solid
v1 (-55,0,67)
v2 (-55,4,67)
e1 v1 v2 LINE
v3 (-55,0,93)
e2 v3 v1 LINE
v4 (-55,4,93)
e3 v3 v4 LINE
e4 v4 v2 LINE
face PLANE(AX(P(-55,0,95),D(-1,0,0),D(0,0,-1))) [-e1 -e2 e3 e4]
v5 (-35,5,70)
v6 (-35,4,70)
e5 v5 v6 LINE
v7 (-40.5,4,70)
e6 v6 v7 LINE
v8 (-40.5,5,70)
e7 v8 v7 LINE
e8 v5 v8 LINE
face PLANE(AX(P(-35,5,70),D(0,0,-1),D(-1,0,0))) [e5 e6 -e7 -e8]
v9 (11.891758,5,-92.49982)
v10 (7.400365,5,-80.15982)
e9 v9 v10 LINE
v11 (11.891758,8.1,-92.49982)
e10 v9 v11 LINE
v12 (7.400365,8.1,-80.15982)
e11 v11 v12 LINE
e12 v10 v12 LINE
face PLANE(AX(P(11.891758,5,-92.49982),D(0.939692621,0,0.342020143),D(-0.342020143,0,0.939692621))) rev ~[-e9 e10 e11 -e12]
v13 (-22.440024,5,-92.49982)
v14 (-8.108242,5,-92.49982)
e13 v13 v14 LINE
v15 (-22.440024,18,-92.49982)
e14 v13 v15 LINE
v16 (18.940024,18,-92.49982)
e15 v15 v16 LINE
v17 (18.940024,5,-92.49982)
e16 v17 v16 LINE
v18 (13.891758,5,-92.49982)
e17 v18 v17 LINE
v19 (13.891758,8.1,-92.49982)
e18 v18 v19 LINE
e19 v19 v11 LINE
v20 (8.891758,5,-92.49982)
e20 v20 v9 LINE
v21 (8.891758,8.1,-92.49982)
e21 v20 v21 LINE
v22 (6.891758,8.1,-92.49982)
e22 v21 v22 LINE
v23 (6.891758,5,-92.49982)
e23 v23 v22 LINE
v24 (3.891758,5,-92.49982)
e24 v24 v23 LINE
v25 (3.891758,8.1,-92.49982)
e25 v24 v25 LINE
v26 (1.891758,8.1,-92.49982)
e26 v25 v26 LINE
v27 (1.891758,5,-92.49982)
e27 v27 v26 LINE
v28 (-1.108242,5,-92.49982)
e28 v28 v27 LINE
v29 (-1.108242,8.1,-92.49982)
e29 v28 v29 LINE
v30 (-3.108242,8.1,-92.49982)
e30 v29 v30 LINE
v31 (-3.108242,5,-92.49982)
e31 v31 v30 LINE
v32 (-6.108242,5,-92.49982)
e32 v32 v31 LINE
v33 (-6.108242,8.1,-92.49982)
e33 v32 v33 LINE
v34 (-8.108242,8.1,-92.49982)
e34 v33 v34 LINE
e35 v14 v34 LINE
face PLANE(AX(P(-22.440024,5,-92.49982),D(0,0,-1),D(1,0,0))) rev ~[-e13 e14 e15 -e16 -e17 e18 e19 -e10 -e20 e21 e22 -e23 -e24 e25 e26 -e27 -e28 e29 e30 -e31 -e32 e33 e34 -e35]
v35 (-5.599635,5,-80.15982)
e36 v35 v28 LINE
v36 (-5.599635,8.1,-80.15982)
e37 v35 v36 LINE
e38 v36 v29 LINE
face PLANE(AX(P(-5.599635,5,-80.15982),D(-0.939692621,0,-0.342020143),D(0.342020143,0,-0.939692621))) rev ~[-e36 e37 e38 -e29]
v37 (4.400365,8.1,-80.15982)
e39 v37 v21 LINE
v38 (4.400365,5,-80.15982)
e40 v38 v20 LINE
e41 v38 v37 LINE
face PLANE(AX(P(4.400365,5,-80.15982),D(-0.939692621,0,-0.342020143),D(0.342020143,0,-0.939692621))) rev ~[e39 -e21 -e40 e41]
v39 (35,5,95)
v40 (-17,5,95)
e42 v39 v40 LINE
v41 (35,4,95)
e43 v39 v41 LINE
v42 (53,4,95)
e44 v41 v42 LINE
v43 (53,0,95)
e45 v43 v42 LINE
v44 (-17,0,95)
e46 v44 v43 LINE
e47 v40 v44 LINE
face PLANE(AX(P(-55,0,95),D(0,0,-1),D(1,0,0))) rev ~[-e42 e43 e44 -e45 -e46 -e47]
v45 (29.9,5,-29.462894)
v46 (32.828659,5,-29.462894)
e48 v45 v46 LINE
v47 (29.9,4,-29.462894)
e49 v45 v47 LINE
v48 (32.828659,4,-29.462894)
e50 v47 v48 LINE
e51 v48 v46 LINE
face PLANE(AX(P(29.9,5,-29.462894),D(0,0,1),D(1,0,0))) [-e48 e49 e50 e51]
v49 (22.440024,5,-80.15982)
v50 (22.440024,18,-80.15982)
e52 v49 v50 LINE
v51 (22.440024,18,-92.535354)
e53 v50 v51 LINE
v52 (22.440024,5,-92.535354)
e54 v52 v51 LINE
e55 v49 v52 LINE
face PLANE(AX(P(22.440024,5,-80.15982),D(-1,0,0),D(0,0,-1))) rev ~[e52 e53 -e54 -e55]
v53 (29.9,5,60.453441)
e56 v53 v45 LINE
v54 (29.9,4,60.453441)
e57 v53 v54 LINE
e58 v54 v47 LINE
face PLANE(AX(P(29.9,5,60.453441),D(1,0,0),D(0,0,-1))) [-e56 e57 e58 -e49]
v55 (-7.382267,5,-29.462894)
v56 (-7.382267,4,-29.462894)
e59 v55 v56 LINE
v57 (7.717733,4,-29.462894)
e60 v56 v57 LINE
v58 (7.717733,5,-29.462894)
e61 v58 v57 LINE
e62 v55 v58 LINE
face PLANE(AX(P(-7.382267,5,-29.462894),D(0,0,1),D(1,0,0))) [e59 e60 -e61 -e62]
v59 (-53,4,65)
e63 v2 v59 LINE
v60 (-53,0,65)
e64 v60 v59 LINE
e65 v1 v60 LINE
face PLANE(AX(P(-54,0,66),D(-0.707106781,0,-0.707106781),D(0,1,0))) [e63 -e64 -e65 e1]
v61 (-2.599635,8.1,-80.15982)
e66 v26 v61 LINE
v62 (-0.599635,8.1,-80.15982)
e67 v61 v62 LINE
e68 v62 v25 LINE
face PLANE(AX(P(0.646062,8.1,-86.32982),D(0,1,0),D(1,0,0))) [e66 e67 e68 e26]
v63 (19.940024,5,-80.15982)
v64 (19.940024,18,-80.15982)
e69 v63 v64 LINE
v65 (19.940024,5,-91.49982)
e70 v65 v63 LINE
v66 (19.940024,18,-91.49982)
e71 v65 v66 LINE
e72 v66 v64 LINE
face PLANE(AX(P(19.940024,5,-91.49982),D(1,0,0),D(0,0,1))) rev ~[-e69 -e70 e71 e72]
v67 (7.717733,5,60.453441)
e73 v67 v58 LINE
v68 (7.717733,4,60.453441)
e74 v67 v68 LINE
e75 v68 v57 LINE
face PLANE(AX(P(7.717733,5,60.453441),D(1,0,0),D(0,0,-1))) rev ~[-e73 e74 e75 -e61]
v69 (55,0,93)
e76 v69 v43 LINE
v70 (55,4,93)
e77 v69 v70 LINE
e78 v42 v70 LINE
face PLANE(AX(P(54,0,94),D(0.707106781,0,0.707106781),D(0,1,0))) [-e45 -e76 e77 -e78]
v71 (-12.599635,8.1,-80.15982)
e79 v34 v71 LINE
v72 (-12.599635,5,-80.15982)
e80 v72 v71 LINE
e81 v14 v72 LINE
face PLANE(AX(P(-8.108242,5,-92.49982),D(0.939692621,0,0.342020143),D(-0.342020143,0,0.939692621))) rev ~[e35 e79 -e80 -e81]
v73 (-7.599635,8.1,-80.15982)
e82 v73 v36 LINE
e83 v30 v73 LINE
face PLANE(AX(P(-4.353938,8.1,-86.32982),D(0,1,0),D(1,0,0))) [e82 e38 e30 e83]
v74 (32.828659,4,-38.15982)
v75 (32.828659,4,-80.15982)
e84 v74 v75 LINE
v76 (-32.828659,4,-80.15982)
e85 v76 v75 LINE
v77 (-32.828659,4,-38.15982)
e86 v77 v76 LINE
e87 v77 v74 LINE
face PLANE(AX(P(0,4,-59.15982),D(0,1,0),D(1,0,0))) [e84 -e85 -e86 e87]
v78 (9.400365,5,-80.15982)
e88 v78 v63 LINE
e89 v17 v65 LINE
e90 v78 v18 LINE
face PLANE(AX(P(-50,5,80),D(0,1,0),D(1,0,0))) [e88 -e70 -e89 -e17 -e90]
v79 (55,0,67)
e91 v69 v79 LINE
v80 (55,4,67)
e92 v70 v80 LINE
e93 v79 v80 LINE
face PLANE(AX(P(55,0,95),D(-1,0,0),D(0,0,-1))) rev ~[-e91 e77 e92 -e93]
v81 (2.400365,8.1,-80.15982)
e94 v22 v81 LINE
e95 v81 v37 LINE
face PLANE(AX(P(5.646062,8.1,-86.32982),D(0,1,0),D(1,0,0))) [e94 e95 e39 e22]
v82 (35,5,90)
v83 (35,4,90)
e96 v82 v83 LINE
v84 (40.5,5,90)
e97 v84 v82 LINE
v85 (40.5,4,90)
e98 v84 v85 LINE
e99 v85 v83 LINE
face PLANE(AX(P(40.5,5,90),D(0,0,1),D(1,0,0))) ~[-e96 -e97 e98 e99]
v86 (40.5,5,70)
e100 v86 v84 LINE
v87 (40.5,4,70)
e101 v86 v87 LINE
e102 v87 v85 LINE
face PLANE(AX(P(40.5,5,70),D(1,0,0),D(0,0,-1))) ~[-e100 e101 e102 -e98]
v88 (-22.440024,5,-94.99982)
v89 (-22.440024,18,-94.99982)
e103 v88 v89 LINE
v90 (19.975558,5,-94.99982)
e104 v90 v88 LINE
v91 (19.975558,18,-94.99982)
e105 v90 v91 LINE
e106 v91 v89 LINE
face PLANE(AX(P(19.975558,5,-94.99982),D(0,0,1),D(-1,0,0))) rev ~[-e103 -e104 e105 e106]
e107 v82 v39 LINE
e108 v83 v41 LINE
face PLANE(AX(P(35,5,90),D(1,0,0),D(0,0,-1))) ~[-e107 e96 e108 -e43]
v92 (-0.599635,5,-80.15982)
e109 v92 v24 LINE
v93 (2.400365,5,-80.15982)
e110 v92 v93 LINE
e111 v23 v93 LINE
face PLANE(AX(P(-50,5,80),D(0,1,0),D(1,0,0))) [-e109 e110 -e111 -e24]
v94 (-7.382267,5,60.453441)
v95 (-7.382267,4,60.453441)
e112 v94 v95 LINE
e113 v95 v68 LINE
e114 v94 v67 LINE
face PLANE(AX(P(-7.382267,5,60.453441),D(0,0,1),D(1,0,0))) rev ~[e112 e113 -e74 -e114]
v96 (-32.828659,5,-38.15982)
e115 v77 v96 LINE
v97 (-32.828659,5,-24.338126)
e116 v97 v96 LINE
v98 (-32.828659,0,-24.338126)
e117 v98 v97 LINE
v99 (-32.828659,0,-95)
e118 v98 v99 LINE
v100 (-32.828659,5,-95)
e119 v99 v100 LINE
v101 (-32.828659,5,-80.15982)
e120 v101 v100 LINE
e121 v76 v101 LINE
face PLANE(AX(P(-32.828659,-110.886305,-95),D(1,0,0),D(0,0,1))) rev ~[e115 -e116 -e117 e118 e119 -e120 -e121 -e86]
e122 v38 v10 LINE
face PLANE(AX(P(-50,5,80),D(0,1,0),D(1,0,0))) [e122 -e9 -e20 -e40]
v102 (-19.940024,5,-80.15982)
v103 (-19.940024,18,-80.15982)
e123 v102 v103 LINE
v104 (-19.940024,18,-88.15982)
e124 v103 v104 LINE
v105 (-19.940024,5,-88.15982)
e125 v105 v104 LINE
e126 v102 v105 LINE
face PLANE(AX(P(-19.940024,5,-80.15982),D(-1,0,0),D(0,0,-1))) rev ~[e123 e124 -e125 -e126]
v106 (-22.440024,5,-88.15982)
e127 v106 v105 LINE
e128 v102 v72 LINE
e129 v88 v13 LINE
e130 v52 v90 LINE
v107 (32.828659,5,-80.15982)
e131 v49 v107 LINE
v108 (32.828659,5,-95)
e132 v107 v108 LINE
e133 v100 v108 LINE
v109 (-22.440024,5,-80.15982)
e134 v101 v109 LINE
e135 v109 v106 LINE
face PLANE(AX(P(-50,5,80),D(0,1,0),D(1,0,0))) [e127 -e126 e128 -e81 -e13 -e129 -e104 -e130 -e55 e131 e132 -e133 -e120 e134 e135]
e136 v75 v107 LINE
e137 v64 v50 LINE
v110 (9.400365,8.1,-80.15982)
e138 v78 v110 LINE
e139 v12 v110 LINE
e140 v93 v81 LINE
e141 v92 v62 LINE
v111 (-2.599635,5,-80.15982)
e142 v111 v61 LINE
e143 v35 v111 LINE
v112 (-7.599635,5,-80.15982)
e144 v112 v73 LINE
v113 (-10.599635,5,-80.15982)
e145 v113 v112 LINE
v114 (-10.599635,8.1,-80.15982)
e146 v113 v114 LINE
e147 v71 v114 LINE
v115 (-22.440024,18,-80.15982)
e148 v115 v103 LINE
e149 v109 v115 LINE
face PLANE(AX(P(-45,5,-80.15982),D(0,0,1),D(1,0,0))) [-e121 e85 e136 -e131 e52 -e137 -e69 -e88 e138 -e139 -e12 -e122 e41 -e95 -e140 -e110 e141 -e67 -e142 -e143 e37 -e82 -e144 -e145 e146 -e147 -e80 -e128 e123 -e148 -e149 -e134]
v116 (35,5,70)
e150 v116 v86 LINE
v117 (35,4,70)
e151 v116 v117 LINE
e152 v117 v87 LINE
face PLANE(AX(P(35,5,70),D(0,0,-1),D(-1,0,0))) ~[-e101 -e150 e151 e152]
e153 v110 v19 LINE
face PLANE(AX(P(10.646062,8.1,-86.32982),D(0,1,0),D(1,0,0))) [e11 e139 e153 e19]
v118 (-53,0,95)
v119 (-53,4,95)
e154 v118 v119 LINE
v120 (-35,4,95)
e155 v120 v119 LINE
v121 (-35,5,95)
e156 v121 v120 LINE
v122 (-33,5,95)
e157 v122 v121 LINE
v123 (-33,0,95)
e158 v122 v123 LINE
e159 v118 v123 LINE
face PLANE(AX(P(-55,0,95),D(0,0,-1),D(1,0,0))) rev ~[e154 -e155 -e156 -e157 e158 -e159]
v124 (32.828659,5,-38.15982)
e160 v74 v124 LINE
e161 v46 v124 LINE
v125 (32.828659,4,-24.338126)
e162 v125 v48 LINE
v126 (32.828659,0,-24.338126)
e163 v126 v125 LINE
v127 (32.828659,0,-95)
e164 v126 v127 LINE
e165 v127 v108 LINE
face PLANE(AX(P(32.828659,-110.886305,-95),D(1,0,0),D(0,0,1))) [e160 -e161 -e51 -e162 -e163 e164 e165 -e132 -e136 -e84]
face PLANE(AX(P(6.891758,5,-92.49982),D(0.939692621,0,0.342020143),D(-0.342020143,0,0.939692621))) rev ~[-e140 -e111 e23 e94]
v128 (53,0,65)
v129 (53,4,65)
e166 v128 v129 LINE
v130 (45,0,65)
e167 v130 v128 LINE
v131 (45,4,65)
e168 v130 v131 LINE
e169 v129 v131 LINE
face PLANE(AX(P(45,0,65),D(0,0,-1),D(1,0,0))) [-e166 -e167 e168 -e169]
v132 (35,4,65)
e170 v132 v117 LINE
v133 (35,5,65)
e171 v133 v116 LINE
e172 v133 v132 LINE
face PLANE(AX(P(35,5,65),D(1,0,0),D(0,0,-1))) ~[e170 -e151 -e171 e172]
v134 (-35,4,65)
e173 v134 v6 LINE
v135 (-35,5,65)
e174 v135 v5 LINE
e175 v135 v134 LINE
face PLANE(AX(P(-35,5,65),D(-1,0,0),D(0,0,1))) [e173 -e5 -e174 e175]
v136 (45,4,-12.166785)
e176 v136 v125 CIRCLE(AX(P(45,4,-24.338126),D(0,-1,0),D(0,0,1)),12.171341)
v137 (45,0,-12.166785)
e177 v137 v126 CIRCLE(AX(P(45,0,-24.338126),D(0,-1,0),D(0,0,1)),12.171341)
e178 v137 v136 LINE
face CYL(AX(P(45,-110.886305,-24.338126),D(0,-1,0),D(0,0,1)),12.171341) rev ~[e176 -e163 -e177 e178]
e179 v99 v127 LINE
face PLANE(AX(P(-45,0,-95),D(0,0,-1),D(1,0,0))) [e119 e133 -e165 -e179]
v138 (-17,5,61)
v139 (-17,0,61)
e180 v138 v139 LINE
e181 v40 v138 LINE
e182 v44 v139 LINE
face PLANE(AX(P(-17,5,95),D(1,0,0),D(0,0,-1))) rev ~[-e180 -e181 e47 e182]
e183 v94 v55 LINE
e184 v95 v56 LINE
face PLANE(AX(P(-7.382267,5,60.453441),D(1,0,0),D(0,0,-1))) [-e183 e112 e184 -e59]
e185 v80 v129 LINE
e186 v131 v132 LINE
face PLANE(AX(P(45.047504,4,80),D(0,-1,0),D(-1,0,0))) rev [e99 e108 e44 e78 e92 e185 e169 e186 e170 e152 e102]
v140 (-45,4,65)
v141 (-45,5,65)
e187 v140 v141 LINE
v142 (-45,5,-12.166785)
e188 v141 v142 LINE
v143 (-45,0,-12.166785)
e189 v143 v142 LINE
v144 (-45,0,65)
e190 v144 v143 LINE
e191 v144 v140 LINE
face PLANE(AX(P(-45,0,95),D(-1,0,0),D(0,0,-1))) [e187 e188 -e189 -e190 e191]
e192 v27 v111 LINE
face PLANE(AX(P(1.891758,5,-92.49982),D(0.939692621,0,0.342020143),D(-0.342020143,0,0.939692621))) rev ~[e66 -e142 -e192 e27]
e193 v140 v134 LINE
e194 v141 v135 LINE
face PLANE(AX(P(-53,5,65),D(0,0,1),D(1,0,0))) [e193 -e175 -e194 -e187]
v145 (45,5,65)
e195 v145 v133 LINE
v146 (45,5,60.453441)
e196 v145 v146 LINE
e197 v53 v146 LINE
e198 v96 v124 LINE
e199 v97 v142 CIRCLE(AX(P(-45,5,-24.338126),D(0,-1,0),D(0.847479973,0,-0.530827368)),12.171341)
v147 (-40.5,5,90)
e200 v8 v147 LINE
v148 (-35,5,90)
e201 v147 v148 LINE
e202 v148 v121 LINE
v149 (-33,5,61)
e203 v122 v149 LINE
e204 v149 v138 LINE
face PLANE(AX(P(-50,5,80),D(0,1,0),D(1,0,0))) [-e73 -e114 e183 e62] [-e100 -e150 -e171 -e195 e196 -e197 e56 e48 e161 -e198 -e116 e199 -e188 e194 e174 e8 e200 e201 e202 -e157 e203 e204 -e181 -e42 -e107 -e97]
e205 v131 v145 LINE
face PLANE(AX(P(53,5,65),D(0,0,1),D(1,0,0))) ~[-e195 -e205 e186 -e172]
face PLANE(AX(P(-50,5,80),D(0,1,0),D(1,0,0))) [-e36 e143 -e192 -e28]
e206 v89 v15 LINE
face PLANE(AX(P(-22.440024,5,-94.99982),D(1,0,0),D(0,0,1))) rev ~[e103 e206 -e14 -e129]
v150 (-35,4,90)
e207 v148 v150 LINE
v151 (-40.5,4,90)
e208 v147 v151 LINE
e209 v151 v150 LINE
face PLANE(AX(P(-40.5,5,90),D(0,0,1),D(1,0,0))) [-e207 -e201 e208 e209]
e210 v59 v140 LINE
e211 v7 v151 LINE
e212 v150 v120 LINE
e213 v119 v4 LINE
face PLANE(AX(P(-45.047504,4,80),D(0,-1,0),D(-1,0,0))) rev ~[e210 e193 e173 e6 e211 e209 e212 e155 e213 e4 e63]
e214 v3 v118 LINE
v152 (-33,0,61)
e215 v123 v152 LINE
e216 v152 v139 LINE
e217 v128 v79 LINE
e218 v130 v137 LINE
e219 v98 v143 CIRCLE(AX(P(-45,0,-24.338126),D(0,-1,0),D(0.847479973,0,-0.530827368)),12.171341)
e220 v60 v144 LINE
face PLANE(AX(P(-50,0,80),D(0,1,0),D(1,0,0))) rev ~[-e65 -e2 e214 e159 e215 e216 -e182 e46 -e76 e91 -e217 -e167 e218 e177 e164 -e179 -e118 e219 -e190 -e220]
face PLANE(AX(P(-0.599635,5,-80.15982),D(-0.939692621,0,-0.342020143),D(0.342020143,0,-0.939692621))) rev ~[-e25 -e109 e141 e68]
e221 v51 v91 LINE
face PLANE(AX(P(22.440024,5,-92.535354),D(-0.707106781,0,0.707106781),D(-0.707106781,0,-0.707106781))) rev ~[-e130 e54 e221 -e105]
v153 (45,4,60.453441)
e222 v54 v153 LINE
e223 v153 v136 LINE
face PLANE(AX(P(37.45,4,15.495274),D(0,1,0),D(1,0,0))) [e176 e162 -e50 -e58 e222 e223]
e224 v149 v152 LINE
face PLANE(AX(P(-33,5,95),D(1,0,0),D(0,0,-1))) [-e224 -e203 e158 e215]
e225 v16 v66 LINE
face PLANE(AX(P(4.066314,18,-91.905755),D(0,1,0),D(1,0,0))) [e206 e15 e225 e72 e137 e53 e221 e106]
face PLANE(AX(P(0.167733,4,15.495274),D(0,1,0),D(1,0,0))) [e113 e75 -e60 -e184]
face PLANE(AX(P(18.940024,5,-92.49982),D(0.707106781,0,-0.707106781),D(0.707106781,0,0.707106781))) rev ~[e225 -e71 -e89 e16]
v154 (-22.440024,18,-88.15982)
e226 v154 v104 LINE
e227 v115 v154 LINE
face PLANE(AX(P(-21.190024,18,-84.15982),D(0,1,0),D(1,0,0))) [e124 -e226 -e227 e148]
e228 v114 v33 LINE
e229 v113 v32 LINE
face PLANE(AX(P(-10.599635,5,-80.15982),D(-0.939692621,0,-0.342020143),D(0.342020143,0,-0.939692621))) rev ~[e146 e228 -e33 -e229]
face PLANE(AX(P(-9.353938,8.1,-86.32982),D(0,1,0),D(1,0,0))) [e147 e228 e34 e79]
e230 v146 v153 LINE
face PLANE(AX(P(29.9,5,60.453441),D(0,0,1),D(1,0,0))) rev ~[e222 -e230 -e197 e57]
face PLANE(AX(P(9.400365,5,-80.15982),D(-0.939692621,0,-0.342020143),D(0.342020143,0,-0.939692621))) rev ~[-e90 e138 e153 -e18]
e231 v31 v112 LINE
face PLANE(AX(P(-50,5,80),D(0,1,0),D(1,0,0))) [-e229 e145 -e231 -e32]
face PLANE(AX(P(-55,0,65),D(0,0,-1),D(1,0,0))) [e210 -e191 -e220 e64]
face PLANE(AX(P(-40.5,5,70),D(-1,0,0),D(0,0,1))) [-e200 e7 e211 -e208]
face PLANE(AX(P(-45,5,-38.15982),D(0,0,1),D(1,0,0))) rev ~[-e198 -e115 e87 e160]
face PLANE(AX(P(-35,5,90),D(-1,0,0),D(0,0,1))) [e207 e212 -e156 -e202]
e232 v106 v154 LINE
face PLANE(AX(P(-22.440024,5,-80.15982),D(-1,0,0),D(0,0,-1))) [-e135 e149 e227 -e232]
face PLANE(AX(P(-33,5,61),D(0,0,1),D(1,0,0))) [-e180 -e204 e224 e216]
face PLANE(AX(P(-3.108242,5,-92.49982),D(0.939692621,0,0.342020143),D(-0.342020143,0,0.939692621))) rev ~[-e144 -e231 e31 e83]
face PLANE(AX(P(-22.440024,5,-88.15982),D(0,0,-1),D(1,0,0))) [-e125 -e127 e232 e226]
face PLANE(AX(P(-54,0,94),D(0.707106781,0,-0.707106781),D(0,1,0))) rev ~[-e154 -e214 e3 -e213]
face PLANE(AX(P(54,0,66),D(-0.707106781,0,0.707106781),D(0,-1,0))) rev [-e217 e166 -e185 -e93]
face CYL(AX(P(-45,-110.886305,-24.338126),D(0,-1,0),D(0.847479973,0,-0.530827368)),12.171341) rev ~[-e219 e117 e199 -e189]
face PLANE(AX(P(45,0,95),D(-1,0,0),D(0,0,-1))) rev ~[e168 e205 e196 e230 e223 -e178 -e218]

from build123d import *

# Parameters (mm, degrees)
SKETCH1_W                = 90
SKETCH1_H                = 190
BOSS_EXTRUDE1_DEPTH      = 5
SKETCH2_W                = 10
SKETCH2_H                = 30
BOSS_EXTRUDE2_DEPTH      = 5
CHAMFER1_SIZE            = 2
SKETCH3_W                = 16
SKETCH3_H                = 34
CUT_EXTRUDE1_DEPTH       = 50
SKETCH4_W                = 90
SKETCH4_H                = 42
CUT_EXTRUDE2_DEPTH       = 1
SKETCH7_W                = 15.1
SKETCH7_H                = 89.916335477
CUT_EXTRUDE7_DEPTH       = 1
CUT_EXTRUDE9_DEPTH       = 110.886304879
CUT_EXTRUDE9_DEPTH_BACK  = 110.886304879
CUT_EXTRUDE10_DEPTH      = 110.886304879
CUT_EXTRUDE10_DEPTH_BACK = 110.886304879
BOSS_EXTRUDE4_START      = 5
SKETCH17_W               = 2.5
SKETCH17_H               = 8
BOSS_EXTRUDE4_DEPTH      = 13
BOSS_EXTRUDE5_DEPTH      = 3.1
CUT_EXTRUDE11_START      = 5
CUT_EXTRUDE11_DEPTH      = 1


with BuildPart() as part:
    # Sketch1 → Boss-Extrude1 (new body)
    with BuildSketch(Plane(origin=(0, 0, 0), x_dir=(1, 0, 0), z_dir=(0, 1, 0))):
        Rectangle(SKETCH1_W, SKETCH1_H)
    extrude(amount=BOSS_EXTRUDE1_DEPTH)

    # Sketch2 → Boss-Extrude2 (add)
    with BuildSketch(Plane(origin=(0, 0, 0), x_dir=(1, 0, 0), z_dir=(0, 1, 0))):
        with Locations((-50, -80)):
            Rectangle(SKETCH2_W, SKETCH2_H)
        with Locations((50, -80)):
            Rectangle(SKETCH2_W, SKETCH2_H)
    extrude(amount=BOSS_EXTRUDE2_DEPTH)

    # Chamfer1
    chamfer1_edges = [part.edges().sort_by_distance(p)[0] for p in [
        (-55, 2.5, 65),
        (-55, 2.5, 95),
        (55, 2.5, 95),
        (55, 2.5, 65),
    ]]
    chamfer(chamfer1_edges, length=CHAMFER1_SIZE)

    # Sketch3 → Cut-Extrude1 (cut)
    with BuildSketch(Plane(origin=(0, 5, 0), x_dir=(1, 0, 0), z_dir=(0, 1, 0))):
        with Locations((-25, -78)):
            Rectangle(SKETCH3_W, SKETCH3_H)
    extrude(amount=-CUT_EXTRUDE1_DEPTH, mode=Mode.SUBTRACT)

    # Sketch4 → Cut-Extrude2 (cut)
    with BuildSketch(Plane(origin=(0, 5, 0), x_dir=(1, 0, 0), z_dir=(0, 1, 0))):
        with Locations((0, 59.159820088)):
            Rectangle(SKETCH4_W, SKETCH4_H)
    extrude(amount=-CUT_EXTRUDE2_DEPTH, mode=Mode.SUBTRACT)

    # Sketch7 → Cut-Extrude7 (cut)
    with BuildSketch(Plane(origin=(0, 5, 0), x_dir=(1, 0, 0), z_dir=(0, 1, 0))):
        with Locations((37.45, -15.495273531)):
            Rectangle(SKETCH7_W, SKETCH7_H)
        with Locations((0.16773297, -15.495273531)):
            Rectangle(SKETCH7_W, SKETCH7_H)
    extrude(amount=-CUT_EXTRUDE7_DEPTH, mode=Mode.SUBTRACT)

    # Sketch14 → Cut-Extrude9 (cut, two sides: drawn at the far end of the back side and taken through both)
    with BuildSketch(Plane(origin=(0, 0, 0), x_dir=(1, 0, 0), z_dir=(0, 1, 0)).offset(-CUT_EXTRUDE9_DEPTH_BACK)):
        with BuildLine():
            Line((-45, 47.267125731), (-34.685032462, 30.799006468))
            ThreePointArc((-34.685032462, 30.799006468), (-34.351546651, 18.443044928), (-45, 12.166784925))
            Line((-45, 12.166784925), (-45, 47.267125731))
        make_face()
        with BuildLine():
            Line((45, 47.267125731), (45, 12.166784925))
            ThreePointArc((45, 12.166784925), (34.351546651, 18.443044928), (34.685032462, 30.799006468))
            Line((34.685032462, 30.799006468), (45, 47.267125731))
        make_face()
    extrude(amount=CUT_EXTRUDE9_DEPTH + CUT_EXTRUDE9_DEPTH_BACK, mode=Mode.SUBTRACT)

    # Sketch16 → Cut-Extrude10 (cut, two sides: drawn at the far end of the back side and taken through both)
    with BuildSketch(Plane(origin=(0, 0, 0), x_dir=(1, 0, 0), z_dir=(0, 1, 0)).offset(-CUT_EXTRUDE10_DEPTH_BACK)):
        with BuildLine():
            Line((-32.828659242, 95), (-32.828659242, 24.338125683))
            ThreePointArc((-32.828659242, 24.338125683), (-33.30195485, 27.699267678), (-34.685032462, 30.799006468))
            Line((-34.685032462, 30.799006468), (-45, 47.267125731))
            Line((-45, 47.267125731), (-45, 95))
            Line((-45, 95), (-32.828659242, 95))
        make_face()
        with BuildLine():
            Line((45, 95), (32.828659242, 95))
            Line((32.828659242, 95), (32.828659242, 24.338125683))
            ThreePointArc((32.828659242, 24.338125683), (33.30195485, 27.699267678), (34.685032462, 30.799006468))
            Line((34.685032462, 30.799006468), (45, 47.267125731))
            Line((45, 47.267125731), (45, 95))
        make_face()
    extrude(amount=CUT_EXTRUDE10_DEPTH + CUT_EXTRUDE10_DEPTH_BACK, mode=Mode.SUBTRACT)

    # Sketch17 → Boss-Extrude4 (add)
    with BuildSketch(Plane(origin=(0, 0, 0), x_dir=(1, 0, 0), z_dir=(0, 1, 0)).offset(BOSS_EXTRUDE4_START)):
        with Locations((-21.190023983, 84.159820088)):
            Rectangle(SKETCH17_W, SKETCH17_H)
        Polygon((-22.440023983, 94.999820088), (-22.440023983, 92.499820088), (18.940023983, 92.499820088), (19.940023983, 91.499820088), (19.940023983, 80.159820088), (22.440023983, 80.159820088), (22.440023983, 92.535353994), (19.975557889, 94.999820088), align=None)
    extrude(amount=BOSS_EXTRUDE4_DEPTH)

    # Sketch18 → Boss-Extrude5 (add)
    with BuildSketch(Plane(origin=(0, 5, 0), x_dir=(1, 0, 0), z_dir=(0, 1, 0))):
        Polygon((-12.599634528, 80.159820088), (-10.599634528, 80.159820088), (-6.108241837, 92.499820088), (-8.108241837, 92.499820088), align=None)
        Polygon((-3.108241837, 92.499820088), (-7.599634528, 80.159820088), (-5.599634528, 80.159820088), (-1.108241837, 92.499820088), align=None)
        Polygon((1.891758163, 92.499820088), (-2.599634528, 80.159820088), (-0.599634528, 80.159820088), (3.891758163, 92.499820088), align=None)
        Polygon((6.891758163, 92.499820088), (2.400365472, 80.159820088), (4.400365472, 80.159820088), (8.891758163, 92.499820088), align=None)
        Polygon((11.891758163, 92.499820088), (7.400365472, 80.159820088), (9.400365472, 80.159820088), (13.891758163, 92.499820088), align=None)
    extrude(amount=BOSS_EXTRUDE5_DEPTH)

    # Sketch19 → Cut-Extrude11 (cut)
    with BuildSketch(Plane(origin=(0, 0, 0), x_dir=(1, 0, 0), z_dir=(0, 1, 0)).offset(CUT_EXTRUDE11_START)):
        Polygon((-35, -65), (-35, -70), (-40.5, -70), (-40.5, -90), (-35, -90), (-35, -95), (-53, -95), (-55, -93), (-55, -67), (-53, -65), align=None)
    cut_extrude11 = extrude(amount=-CUT_EXTRUDE11_DEPTH, mode=Mode.SUBTRACT)

    # Mirror1: Cut-Extrude11 across plane
    add(cut_extrude11.mirror(Plane(origin=(0, 0, 0), x_dir=(0, 0, 1), z_dir=(1, 0, 0))), mode=Mode.SUBTRACT)


solid = part.part
